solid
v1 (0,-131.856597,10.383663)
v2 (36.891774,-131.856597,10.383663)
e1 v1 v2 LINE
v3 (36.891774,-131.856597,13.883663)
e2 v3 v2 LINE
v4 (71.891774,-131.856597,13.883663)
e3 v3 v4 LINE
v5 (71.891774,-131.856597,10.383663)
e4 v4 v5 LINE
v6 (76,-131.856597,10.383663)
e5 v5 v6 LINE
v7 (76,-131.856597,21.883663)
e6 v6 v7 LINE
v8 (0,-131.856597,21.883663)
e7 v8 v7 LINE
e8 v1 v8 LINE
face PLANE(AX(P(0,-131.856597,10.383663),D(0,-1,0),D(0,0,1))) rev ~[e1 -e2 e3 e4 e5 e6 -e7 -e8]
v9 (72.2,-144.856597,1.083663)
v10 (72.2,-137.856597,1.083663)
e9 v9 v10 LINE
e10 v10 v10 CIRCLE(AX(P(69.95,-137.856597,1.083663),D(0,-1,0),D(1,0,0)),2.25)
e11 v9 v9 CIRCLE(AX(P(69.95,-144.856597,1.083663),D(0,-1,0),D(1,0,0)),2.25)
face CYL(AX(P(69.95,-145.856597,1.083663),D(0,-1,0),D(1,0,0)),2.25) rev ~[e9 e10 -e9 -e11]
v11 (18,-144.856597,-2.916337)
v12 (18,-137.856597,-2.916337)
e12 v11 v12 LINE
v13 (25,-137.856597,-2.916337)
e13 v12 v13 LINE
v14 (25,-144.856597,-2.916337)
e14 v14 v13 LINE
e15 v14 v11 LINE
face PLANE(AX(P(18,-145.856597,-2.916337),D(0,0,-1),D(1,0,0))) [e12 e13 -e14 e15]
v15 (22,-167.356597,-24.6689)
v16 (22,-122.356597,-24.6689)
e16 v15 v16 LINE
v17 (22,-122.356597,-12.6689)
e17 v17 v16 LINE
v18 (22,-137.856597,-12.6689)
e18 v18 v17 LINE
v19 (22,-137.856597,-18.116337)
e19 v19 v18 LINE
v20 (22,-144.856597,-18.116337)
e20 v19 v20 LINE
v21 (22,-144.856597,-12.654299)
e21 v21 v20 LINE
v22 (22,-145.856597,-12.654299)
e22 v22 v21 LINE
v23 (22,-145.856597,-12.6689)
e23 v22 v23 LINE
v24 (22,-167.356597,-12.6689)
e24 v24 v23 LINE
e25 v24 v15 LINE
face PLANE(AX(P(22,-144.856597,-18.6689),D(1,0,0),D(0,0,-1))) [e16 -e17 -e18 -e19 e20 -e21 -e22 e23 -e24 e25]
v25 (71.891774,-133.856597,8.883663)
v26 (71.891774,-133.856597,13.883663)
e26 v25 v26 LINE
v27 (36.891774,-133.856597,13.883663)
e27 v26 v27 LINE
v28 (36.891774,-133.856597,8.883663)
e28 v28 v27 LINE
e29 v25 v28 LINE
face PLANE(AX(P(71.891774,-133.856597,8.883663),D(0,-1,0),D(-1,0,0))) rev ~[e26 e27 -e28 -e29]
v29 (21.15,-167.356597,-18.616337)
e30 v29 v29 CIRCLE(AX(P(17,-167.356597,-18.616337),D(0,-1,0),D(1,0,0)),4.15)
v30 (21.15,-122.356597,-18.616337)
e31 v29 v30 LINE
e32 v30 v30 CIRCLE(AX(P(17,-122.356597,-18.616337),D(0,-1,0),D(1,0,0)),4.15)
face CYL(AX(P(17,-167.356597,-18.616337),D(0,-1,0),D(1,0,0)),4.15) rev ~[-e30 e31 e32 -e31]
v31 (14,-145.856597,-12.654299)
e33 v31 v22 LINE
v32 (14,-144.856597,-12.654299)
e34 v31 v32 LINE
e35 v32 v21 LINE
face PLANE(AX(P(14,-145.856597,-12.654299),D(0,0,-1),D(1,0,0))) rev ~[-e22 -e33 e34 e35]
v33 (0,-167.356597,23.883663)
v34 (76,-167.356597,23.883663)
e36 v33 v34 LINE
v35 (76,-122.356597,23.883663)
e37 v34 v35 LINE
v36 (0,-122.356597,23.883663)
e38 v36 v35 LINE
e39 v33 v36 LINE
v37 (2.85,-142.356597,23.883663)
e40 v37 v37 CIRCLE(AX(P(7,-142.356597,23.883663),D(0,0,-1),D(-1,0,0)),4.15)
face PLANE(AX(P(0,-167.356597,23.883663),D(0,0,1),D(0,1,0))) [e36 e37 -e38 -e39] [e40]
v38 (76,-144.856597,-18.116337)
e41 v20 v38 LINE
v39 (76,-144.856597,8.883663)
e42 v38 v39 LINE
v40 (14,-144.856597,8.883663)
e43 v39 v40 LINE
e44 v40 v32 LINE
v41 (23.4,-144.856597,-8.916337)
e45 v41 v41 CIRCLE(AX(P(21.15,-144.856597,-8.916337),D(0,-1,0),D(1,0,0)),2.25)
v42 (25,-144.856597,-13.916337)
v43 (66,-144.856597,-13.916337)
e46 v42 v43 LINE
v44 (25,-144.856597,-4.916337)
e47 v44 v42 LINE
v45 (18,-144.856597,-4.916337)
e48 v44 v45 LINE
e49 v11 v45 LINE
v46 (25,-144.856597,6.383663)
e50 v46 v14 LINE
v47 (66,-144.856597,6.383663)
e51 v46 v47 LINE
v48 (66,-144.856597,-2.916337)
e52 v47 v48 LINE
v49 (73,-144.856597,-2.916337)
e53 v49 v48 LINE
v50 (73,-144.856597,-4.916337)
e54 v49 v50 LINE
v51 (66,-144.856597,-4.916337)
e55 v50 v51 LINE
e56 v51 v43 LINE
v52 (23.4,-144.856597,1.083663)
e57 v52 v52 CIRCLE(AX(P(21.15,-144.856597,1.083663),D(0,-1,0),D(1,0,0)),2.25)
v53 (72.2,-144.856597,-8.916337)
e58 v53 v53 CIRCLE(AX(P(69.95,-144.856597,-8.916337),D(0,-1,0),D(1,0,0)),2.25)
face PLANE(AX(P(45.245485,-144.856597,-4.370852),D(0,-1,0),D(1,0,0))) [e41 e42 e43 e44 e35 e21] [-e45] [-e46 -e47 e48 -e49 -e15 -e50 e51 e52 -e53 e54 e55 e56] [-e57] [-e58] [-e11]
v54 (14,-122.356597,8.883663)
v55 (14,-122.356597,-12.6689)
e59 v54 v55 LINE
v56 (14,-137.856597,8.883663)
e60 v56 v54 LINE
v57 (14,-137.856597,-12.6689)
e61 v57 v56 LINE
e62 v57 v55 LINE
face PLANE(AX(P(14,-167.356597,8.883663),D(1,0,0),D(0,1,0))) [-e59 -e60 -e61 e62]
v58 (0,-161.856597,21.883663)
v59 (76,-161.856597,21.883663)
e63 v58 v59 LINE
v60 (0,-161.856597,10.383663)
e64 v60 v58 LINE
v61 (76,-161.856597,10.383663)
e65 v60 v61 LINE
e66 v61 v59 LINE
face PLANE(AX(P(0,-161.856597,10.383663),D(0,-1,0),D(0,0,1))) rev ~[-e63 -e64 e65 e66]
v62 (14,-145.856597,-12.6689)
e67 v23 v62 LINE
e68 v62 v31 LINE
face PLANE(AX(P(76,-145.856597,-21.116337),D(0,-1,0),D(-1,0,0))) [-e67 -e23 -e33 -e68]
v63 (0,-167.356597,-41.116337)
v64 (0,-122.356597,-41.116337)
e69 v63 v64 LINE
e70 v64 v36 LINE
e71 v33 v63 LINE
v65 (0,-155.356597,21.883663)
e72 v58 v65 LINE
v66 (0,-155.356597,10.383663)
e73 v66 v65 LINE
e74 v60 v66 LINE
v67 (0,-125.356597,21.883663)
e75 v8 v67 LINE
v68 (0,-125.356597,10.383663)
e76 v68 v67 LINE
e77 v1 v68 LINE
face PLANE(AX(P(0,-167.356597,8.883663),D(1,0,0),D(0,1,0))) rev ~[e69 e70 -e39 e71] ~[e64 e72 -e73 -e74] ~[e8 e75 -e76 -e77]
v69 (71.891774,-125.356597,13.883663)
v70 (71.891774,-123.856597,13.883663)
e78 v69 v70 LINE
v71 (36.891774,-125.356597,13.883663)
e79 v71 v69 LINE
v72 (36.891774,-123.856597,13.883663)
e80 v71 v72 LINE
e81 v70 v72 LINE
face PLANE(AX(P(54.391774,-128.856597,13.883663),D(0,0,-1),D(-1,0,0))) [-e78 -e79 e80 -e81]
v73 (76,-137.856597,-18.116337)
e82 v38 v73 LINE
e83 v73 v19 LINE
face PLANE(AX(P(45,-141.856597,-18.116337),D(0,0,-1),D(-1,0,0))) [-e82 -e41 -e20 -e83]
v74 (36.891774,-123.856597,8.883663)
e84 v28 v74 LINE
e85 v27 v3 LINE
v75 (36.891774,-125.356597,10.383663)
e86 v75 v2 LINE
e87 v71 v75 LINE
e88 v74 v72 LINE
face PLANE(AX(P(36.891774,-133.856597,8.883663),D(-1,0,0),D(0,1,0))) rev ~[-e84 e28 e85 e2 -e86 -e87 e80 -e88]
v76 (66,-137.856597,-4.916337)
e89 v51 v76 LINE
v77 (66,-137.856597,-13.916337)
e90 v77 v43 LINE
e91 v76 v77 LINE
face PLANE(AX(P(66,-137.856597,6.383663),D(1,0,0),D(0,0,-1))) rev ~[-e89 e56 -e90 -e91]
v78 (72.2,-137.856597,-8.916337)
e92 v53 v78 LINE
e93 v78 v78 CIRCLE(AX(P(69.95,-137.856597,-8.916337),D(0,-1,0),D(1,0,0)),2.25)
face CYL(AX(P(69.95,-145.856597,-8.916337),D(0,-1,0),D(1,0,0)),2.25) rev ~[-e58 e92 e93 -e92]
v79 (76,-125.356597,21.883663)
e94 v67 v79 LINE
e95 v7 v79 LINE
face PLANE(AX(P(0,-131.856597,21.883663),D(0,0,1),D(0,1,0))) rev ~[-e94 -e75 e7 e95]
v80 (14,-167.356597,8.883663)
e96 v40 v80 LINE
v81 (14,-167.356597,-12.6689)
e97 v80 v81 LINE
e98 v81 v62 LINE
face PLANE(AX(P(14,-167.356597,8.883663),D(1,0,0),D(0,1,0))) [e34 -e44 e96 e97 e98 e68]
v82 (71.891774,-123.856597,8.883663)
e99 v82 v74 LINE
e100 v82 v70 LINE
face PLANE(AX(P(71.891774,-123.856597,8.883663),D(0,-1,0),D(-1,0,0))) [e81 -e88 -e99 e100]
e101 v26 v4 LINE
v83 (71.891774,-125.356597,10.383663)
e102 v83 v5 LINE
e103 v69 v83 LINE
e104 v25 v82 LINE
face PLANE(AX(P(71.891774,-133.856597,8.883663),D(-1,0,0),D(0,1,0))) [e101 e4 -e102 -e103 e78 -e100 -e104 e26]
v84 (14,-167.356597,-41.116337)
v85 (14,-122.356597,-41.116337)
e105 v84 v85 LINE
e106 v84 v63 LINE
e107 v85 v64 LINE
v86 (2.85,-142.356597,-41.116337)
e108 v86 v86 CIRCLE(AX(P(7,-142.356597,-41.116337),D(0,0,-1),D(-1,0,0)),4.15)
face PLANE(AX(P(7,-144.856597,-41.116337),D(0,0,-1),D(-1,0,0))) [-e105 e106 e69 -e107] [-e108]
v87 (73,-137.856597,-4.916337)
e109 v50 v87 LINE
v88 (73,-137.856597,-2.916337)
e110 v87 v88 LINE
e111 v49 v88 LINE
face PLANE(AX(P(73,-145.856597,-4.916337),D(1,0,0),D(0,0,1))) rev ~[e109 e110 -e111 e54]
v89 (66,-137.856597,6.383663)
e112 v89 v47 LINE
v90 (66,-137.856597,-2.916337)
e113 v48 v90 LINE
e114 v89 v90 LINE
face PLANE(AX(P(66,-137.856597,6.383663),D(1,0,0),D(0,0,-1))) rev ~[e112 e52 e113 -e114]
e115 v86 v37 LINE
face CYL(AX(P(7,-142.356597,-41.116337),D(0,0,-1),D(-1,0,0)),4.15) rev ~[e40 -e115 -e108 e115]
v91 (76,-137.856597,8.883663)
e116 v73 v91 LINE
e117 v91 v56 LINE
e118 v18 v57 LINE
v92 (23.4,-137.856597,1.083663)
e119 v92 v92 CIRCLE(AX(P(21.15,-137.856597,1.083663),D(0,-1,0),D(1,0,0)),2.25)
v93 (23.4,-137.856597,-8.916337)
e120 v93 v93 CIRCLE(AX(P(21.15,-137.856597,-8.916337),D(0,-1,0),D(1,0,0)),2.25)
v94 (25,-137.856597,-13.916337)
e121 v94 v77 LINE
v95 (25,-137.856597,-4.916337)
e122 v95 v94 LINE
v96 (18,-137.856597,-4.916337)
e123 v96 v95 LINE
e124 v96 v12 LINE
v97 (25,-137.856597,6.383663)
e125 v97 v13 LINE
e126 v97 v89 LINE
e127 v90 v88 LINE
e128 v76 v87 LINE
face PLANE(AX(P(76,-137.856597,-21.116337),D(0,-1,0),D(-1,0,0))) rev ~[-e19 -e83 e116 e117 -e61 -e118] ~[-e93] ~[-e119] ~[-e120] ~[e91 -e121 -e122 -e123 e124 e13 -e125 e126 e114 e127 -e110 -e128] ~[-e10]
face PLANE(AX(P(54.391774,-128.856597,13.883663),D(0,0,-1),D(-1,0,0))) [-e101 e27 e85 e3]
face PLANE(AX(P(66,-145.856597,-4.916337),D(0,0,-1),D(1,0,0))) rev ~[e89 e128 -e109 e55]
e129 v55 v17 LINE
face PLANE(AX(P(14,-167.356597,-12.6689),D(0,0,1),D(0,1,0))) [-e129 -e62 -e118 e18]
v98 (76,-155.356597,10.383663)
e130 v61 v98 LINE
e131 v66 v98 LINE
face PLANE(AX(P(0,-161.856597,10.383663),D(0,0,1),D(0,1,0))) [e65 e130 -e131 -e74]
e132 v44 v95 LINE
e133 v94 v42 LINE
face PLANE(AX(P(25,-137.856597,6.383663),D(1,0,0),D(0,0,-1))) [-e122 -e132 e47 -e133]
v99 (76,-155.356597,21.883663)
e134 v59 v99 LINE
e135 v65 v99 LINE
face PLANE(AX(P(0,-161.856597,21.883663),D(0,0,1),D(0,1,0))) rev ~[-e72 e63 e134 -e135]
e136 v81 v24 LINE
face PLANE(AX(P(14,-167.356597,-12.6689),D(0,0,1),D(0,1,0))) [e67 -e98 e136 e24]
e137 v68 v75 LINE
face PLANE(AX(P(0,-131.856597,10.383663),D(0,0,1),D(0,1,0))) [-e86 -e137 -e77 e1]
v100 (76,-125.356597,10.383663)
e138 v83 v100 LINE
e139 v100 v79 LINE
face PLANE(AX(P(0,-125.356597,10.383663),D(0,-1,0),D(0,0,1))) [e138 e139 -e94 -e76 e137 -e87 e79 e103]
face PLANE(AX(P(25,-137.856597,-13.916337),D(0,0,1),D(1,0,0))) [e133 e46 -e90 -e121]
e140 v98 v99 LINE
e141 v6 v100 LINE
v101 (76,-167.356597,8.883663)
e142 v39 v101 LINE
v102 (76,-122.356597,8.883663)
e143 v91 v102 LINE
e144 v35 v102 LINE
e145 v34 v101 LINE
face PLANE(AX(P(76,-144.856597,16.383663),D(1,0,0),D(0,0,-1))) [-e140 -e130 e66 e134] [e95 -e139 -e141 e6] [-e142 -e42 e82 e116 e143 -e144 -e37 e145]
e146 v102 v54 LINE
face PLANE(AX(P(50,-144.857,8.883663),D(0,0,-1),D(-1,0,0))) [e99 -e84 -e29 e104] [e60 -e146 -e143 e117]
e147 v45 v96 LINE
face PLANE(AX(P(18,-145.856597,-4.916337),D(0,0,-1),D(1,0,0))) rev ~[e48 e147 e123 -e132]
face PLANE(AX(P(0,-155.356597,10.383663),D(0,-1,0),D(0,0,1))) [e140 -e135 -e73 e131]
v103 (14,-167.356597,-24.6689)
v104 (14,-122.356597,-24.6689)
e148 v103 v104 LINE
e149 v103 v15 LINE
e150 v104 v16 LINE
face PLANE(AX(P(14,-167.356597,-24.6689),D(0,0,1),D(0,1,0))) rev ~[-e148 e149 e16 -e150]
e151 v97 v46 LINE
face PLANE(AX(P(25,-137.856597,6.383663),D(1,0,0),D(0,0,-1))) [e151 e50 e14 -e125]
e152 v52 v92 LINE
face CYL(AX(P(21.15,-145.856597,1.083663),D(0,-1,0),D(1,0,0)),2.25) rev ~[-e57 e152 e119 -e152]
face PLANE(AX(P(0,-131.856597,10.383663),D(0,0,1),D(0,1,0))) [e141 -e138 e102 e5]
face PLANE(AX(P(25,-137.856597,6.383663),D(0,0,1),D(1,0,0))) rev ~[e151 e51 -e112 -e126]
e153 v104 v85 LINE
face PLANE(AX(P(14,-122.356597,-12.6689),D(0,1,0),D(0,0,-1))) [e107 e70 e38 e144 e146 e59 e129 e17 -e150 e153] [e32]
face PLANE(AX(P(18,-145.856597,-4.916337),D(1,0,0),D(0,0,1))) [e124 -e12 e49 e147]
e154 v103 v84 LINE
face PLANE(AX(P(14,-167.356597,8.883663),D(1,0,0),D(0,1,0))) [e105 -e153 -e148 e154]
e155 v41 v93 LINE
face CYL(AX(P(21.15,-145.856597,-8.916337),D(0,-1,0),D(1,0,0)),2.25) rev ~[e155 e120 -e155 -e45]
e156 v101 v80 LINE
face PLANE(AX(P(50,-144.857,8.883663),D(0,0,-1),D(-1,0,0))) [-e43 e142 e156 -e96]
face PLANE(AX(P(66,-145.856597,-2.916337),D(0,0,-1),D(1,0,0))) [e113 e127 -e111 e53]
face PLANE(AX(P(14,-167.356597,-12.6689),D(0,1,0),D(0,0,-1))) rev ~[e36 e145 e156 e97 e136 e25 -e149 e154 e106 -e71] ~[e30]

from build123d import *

# Parameters (mm, degrees)
SKETCH_1_W           = 45
SKETCH_1_H           = 45
EXTRUDE_1_DEPTH      = 100
SKETCH_2_OUTSIDE_W   = 125.706
SKETCH_2_OUTSIDE_H   = 70.706
SKETCH_2_OUTSIDE_W_2 = 62
SKETCH_2_OUTSIDE_H_2 = 8
CUT_EXTRUDE_1_DEPTH  = 30
SKETCH_3_W           = 41
SKETCH_3_H           = 20.3
CUT_EXTRUDE_2_DEPTH  = 30.5
SKETCH_5_W           = 11.5
SKETCH_5_H           = 6.5
CUT_EXTRUDE_3_DEPTH  = 101
SKETCH_7_R           = 2.25
SKETCH_7_W           = 7
SKETCH_7_H           = 2
CUT_EXTRUDE_5_DEPTH  = 10
SKETCH_9_W           = 62
SKETCH_9_H           = 8
CUT_EXTRUDE_7_DEPTH  = 3
SKETCH_10_W          = 15
SKETCH_10_H          = 45
CUT_EXTRUDE_8_DEPTH  = 24
SKETCH_13_W          = 14
SKETCH_13_H          = 45
EXTRUDE_3_DEPTH      = 50
SKETCH_14_R          = 4.15
CUT_EXTRUDE_9_DEPTH  = 66
SKETCH_15_W          = 12
SKETCH_15_H          = 45
EXTRUDE_4_DEPTH      = 8
SKETCH_17_R          = 4.15
CUT_EXTRUDE_11_DEPTH = 46
SKETCH_8_W           = 35
SKETCH_8_H           = 10
CUT_EXTRUDE_12_DEPTH = 5
CUT_EXTRUDE_14_DEPTH = 1


with BuildPart() as part:
    # 草图1 → 凸台-拉伸1 (new body)
    with BuildSketch(Plane(origin=(0, 0, 0), x_dir=(0, 0, -1), z_dir=(1, 0, 0))):
        with Locations((-1.383662758, -144.856597142)):
            Rectangle(SKETCH_1_W, SKETCH_1_H)
    extrude(amount=EXTRUDE_1_DEPTH)

    # 草图2 outside → 切除-拉伸1 (cut)
    with BuildSketch(Plane(origin=(0, 0, -21.116337242), x_dir=(-1, 0, 0), z_dir=(0, 0, -1))):
        with Locations((-50, -144.857)):
            Rectangle(SKETCH_2_OUTSIDE_W, SKETCH_2_OUTSIDE_H)
        with Locations((-45, -141.856597142)):
            Rectangle(SKETCH_2_OUTSIDE_W_2, SKETCH_2_OUTSIDE_H_2, mode=Mode.SUBTRACT)
    extrude(amount=-CUT_EXTRUDE_1_DEPTH, mode=Mode.SUBTRACT)

    # 草图3 → 切除-拉伸2 (cut, through all)
    with BuildSketch(Plane(origin=(0, -137.856597142, 0), x_dir=(1, 0, 0), z_dir=(0, 1, 0))):
        with Locations((45.5, 3.766337242)):
            Rectangle(SKETCH_3_W, SKETCH_3_H)
    extrude(amount=-CUT_EXTRUDE_2_DEPTH, mode=Mode.SUBTRACT)

    # 草图5 → 切除-拉伸3 (cut, through all)
    with BuildSketch(Plane.ZY):
        with Locations((16.133662758, -128.606597142)):
            Rectangle(SKETCH_5_W, SKETCH_5_H)
        with Locations((16.133662758, -158.606597142)):
            Rectangle(SKETCH_5_W, SKETCH_5_H)
    extrude(amount=-CUT_EXTRUDE_3_DEPTH, mode=Mode.SUBTRACT)

    # 草图7 → 切除-拉伸5 (cut)
    with BuildSketch(Plane.XZ.offset(145.856597142)):
        with Locations((21.15, -8.916337242)):
            Circle(SKETCH_7_R)
        with Locations((21.15, 1.083662758)):
            Circle(SKETCH_7_R)
        with Locations((69.95, -8.916337242)):
            Circle(SKETCH_7_R)
        with Locations((69.95, 1.083662758)):
            Circle(SKETCH_7_R)
        with Locations((21.5, -3.916337242)):
            Rectangle(SKETCH_7_W, SKETCH_7_H)
        with Locations((69.5, -3.916337242)):
            Rectangle(SKETCH_7_W, SKETCH_7_H)
    extrude(amount=-CUT_EXTRUDE_5_DEPTH, mode=Mode.SUBTRACT)

    # 草图9 → 切除-拉伸7 (cut)
    with BuildSketch(Plane(origin=(0, 0, -21.116337242), x_dir=(-1, 0, 0), z_dir=(0, 0, -1))):
        with Locations((-45, -141.856597142)):
            Rectangle(SKETCH_9_W, SKETCH_9_H)
    extrude(amount=-CUT_EXTRUDE_7_DEPTH, mode=Mode.SUBTRACT)

    # 草图10 → 切除-拉伸8 (cut)
    with BuildSketch(Plane(origin=(100, 0, 0), x_dir=(0, 0, -1), z_dir=(1, 0, 0))):
        with Locations((-16.383662758, -144.856597142)):
            Rectangle(SKETCH_10_W, SKETCH_10_H)
    extrude(amount=-CUT_EXTRUDE_8_DEPTH, mode=Mode.SUBTRACT)

    # 草图13 → 凸台-拉伸3 (add)
    with BuildSketch(Plane(origin=(0, 0, 8.883662758), x_dir=(-1, 0, 0), z_dir=(0, 0, -1))):
        with Locations((-7, -144.856597142)):
            Rectangle(SKETCH_13_W, SKETCH_13_H)
    extrude(amount=EXTRUDE_3_DEPTH)

    # 草图14 → 切除-拉伸9 (cut, through all)
    with BuildSketch(Plane(origin=(0, 0, -41.116337242), x_dir=(-1, 0, 0), z_dir=(0, 0, -1))):
        with Locations((-7, -142.356597142)):
            Circle(SKETCH_14_R)
    extrude(amount=-CUT_EXTRUDE_9_DEPTH, mode=Mode.SUBTRACT)

    # 草图15 → 凸台-拉伸4 (add)
    with BuildSketch(Plane(origin=(14, 0, 0), x_dir=(0, 0, -1), z_dir=(1, 0, 0))):
        with Locations((18.668900169, -144.856597142)):
            Rectangle(SKETCH_15_W, SKETCH_15_H)
    extrude(amount=EXTRUDE_4_DEPTH)

    # 草图17 → 切除-拉伸11 (cut, through all)
    with BuildSketch(Plane.XZ.offset(167.356597142)):
        with Locations((17, -18.616337242)):
            Circle(SKETCH_17_R)
    extrude(amount=-CUT_EXTRUDE_11_DEPTH, mode=Mode.SUBTRACT)

    # 草图8 → 切除-拉伸12 (cut)
    with BuildSketch(Plane(origin=(0, 0, 8.883662758), x_dir=(-1, 0, 0), z_dir=(0, 0, -1))):
        with Locations((-54.391773718, -128.856597142)):
            Rectangle(SKETCH_8_W, SKETCH_8_H)
    extrude(amount=-CUT_EXTRUDE_12_DEPTH, mode=Mode.SUBTRACT)

    # 草图18 → 切除-拉伸14 (cut)
    with BuildSketch(Plane.XZ.offset(145.856597142)):
        Polygon((76, 8.883662758), (22, 8.883662758), (14, 8.883662758), (14, -12.654298783), (22, -12.654298783), (22, -18.116337242), (76, -18.116337242), align=None)
    extrude(amount=-CUT_EXTRUDE_14_DEPTH, mode=Mode.SUBTRACT)


solid = part.part
